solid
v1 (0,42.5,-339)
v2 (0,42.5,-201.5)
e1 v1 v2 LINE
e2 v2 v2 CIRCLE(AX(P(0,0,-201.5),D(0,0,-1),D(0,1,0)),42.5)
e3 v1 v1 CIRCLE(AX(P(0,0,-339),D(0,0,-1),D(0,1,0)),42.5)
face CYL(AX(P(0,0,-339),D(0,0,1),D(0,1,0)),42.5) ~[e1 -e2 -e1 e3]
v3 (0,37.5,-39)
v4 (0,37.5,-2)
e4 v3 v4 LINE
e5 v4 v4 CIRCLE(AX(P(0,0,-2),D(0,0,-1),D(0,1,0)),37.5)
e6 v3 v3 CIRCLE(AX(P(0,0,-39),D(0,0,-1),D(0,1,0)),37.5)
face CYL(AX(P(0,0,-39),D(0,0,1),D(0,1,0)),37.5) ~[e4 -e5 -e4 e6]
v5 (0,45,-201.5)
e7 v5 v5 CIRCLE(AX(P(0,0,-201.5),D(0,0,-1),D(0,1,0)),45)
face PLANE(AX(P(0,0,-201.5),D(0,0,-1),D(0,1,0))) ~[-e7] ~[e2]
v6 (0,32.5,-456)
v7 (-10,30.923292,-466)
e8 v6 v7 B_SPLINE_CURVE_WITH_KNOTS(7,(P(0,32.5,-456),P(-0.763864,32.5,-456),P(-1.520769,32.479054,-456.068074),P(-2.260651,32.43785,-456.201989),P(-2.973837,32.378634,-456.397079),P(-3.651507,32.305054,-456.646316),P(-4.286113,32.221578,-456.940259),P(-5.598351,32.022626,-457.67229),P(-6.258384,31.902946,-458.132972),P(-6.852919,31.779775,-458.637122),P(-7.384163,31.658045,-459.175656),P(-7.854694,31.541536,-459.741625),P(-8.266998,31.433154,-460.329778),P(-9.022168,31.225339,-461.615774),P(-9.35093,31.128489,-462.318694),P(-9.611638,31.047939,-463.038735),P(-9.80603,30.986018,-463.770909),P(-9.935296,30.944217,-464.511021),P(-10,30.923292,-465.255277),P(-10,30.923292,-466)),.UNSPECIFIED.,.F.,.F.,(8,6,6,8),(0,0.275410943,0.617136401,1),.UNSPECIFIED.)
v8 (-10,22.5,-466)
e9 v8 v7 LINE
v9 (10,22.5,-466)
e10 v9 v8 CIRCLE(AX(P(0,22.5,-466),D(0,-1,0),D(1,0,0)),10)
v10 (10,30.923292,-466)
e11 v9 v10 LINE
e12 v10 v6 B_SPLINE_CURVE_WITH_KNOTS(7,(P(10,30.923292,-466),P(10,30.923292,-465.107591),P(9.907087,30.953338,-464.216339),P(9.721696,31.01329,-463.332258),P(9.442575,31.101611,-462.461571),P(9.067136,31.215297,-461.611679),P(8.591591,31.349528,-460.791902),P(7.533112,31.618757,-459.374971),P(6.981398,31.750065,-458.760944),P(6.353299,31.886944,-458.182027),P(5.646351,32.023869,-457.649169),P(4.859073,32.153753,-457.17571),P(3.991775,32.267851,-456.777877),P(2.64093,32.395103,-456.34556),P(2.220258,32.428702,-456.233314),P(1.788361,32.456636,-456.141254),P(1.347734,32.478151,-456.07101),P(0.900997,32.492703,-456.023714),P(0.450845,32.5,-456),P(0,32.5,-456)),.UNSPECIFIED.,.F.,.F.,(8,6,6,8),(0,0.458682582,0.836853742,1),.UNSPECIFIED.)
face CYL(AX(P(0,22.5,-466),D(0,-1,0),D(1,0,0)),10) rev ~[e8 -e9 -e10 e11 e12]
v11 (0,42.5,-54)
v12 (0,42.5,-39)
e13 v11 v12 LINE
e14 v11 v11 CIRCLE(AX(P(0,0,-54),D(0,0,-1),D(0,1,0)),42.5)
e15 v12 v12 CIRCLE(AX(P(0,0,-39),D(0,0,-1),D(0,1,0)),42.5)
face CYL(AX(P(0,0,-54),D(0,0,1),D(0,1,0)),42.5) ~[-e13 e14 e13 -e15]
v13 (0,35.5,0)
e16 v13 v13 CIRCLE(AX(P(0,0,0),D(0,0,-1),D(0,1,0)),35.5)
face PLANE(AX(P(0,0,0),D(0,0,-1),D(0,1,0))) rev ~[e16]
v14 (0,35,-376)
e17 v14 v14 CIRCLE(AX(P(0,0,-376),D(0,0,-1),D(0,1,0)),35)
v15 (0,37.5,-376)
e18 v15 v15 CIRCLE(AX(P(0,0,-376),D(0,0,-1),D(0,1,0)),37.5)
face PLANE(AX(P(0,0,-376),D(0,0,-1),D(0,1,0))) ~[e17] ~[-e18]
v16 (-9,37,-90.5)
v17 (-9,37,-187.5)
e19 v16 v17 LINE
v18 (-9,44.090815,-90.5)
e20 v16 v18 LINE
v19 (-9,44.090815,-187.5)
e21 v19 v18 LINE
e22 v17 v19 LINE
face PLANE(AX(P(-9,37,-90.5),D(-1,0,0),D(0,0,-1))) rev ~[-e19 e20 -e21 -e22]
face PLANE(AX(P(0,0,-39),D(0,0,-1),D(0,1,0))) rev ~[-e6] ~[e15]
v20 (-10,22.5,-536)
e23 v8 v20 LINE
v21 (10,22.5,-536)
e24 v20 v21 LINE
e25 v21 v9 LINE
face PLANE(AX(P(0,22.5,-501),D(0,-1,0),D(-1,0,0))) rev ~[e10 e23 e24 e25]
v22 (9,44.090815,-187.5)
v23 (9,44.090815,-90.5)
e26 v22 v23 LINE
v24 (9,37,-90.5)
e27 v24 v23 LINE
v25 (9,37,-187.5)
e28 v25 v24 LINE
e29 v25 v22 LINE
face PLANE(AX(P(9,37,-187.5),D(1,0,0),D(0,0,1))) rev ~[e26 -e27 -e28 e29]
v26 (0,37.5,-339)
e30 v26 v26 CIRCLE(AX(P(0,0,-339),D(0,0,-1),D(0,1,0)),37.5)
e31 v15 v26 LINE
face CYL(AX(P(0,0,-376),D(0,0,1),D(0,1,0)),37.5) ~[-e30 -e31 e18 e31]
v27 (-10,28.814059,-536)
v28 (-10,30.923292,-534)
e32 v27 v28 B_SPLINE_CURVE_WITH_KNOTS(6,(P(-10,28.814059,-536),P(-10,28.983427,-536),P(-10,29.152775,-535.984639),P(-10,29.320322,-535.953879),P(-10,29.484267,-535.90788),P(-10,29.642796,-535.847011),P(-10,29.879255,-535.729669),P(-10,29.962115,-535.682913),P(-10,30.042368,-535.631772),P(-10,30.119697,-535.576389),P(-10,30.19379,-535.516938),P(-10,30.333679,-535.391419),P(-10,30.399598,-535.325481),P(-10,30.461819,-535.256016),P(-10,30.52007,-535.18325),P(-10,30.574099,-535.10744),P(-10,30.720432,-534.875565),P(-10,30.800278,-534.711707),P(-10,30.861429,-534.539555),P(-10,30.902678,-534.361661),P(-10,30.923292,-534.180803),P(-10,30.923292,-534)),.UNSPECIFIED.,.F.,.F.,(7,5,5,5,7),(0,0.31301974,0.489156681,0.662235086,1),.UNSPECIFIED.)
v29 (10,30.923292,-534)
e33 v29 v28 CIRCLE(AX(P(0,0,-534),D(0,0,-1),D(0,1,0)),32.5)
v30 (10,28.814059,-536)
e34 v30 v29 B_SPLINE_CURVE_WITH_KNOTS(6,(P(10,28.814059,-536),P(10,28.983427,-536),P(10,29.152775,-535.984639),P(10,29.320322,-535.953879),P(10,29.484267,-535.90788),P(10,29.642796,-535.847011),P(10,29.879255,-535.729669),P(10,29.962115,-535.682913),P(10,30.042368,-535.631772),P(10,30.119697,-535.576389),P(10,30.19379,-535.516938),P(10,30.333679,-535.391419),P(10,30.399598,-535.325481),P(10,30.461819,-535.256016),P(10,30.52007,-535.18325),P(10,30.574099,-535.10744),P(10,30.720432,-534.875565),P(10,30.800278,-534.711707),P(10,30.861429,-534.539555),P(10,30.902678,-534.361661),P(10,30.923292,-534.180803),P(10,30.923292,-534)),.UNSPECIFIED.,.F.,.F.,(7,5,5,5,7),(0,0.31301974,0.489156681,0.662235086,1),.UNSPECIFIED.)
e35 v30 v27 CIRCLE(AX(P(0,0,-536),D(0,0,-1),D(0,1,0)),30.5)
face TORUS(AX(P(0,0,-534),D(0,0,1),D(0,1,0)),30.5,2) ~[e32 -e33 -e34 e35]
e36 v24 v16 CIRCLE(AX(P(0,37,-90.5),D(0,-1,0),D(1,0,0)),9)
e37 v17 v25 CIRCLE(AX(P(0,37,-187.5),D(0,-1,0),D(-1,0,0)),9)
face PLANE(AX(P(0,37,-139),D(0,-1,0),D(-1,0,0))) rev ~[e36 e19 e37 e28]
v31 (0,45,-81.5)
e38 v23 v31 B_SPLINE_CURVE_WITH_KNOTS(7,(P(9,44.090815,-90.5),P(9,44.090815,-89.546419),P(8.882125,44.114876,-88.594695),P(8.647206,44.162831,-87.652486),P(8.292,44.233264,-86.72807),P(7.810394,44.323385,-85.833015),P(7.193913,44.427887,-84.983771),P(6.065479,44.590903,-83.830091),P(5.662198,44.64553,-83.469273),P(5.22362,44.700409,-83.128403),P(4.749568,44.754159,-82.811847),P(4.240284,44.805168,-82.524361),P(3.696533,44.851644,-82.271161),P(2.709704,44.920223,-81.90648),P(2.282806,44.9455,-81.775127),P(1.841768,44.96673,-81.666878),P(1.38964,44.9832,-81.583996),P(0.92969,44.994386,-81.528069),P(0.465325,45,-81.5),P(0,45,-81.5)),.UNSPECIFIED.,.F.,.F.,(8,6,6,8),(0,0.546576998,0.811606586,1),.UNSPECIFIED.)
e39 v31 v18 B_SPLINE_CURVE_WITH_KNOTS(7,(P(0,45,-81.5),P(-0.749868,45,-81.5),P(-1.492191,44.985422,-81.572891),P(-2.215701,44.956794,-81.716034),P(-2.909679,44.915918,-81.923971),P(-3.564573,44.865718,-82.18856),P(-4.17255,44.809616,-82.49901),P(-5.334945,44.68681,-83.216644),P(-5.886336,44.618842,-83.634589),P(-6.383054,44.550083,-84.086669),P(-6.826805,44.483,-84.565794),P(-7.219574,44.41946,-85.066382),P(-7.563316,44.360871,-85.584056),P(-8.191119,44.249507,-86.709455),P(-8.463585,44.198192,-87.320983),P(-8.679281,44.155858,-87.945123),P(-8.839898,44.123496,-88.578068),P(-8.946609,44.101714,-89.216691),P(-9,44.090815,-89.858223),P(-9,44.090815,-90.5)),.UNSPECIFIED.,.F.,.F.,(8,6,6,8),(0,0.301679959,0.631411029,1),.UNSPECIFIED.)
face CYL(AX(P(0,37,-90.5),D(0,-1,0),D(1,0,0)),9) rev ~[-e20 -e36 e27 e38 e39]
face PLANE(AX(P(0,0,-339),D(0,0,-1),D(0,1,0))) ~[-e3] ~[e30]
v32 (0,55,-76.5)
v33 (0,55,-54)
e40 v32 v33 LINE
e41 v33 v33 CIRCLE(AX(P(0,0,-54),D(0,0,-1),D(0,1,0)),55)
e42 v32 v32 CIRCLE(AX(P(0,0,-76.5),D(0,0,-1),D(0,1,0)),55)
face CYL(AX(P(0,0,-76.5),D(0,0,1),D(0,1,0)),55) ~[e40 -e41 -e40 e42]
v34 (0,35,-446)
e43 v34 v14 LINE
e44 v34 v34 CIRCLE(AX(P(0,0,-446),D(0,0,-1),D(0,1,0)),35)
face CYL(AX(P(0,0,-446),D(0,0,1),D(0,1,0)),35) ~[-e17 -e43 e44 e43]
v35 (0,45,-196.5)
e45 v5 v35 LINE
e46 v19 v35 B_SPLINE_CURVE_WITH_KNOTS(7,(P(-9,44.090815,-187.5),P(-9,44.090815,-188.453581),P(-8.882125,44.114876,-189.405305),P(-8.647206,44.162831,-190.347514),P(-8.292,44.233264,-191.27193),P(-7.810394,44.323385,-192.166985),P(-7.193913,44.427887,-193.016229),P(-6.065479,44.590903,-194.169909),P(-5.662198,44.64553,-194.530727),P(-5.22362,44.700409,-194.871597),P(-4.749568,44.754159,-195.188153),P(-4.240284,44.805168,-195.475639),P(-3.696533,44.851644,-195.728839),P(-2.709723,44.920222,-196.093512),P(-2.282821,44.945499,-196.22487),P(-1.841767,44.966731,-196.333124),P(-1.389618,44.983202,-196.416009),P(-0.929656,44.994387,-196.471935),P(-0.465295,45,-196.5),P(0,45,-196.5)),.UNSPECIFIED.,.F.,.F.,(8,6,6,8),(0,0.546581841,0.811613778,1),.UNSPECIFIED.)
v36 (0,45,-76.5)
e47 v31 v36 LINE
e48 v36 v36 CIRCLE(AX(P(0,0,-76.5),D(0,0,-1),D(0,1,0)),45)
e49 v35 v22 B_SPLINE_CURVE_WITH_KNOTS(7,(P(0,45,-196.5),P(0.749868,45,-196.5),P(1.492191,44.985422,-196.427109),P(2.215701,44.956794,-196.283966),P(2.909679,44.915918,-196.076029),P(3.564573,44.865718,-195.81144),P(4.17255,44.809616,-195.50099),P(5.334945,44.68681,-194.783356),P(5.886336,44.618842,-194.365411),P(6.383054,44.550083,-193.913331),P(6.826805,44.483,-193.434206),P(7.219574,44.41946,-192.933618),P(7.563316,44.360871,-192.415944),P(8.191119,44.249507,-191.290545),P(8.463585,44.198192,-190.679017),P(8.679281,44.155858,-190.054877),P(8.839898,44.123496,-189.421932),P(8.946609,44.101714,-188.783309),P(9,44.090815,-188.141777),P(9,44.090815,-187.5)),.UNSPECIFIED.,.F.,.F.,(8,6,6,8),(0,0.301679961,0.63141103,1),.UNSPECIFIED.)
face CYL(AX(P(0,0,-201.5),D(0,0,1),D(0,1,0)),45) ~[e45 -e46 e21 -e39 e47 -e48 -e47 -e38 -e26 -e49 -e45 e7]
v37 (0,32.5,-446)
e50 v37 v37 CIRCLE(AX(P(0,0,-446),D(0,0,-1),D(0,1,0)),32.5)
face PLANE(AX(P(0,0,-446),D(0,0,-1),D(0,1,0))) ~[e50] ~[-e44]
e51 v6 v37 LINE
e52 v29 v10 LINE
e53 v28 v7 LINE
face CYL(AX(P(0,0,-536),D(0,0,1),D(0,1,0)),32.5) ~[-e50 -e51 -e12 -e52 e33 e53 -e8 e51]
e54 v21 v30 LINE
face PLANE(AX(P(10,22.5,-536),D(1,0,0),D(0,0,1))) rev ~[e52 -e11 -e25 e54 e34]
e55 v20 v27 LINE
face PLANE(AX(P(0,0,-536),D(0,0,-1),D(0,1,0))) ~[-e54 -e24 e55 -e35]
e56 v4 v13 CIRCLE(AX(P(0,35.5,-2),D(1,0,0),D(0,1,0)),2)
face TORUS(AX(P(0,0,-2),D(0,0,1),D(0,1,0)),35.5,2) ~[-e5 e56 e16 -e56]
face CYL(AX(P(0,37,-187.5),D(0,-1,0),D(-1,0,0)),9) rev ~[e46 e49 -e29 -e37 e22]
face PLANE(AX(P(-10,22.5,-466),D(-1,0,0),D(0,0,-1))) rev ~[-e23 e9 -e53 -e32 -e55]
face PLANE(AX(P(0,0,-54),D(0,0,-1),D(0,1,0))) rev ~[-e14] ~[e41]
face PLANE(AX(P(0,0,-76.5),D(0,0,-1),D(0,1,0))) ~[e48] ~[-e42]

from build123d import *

# Parameters (mm, degrees)
FILLET1_R          = 2
CUT_EXTRUDE1_START = 37
CUT_EXTRUDE1_DEPTH = 10
CUT_EXTRUDE2_START = 22.5
CUT_EXTRUDE2_DEPTH = 10


with BuildPart() as part:
    # Sketch1 → Revolve1 (revolve)
    with BuildSketch(Plane(origin=(0, 0, 0), x_dir=(0, 0, -1), z_dir=(1, 0, 0))):
        Polygon((0, 0), (536, 0), (536, 32.5), (446, 32.5), (446, 35), (376, 35), (376, 37.5), (339, 37.5), (339, 42.5), (201.5, 42.5), (201.5, 45), (76.5, 45), (76.5, 55), (54, 55), (54, 42.5), (39, 42.5), (39, 37.5), (0, 37.5), align=None)
    revolve(axis=Axis((0, 0, 0), (0, 0, -1)))

    # Fillet1
    fillet1_edges = [part.edges().sort_by_distance(p)[0] for p in [
        (0, -37.5, 0),
        (0, -32.5, -536),
    ]]
    fillet(fillet1_edges, radius=FILLET1_R)

    # Sketch2 → Cut-Extrude1 (cut)
    with BuildSketch(Plane(origin=(0, 0, 0), x_dir=(1, 0, 0), z_dir=(0, 1, 0)).offset(CUT_EXTRUDE1_START)):
        with BuildLine():
            Line((9, 187.5), (9, 90.5))
            ThreePointArc((9, 90.5), (0, 81.5), (-9, 90.5))
            Line((-9, 90.5), (-9, 187.5))
            ThreePointArc((-9, 187.5), (0, 196.5), (9, 187.5))
        make_face()
    extrude(amount=CUT_EXTRUDE1_DEPTH, mode=Mode.SUBTRACT)

    # Sketch3 → Cut-Extrude2 (cut)
    with BuildSketch(Plane(origin=(0, 0, 0), x_dir=(1, 0, 0), z_dir=(0, 1, 0)).offset(CUT_EXTRUDE2_START)):
        with BuildLine():
            Line((10, 536), (10, 466))
            ThreePointArc((10, 466), (0, 456), (-10, 466))
            Line((-10, 466), (-10, 536))
            ThreePointArc((-10, 536), (0, 546), (10, 536))
        make_face()
    extrude(amount=CUT_EXTRUDE2_DEPTH, mode=Mode.SUBTRACT)


solid = part.part
